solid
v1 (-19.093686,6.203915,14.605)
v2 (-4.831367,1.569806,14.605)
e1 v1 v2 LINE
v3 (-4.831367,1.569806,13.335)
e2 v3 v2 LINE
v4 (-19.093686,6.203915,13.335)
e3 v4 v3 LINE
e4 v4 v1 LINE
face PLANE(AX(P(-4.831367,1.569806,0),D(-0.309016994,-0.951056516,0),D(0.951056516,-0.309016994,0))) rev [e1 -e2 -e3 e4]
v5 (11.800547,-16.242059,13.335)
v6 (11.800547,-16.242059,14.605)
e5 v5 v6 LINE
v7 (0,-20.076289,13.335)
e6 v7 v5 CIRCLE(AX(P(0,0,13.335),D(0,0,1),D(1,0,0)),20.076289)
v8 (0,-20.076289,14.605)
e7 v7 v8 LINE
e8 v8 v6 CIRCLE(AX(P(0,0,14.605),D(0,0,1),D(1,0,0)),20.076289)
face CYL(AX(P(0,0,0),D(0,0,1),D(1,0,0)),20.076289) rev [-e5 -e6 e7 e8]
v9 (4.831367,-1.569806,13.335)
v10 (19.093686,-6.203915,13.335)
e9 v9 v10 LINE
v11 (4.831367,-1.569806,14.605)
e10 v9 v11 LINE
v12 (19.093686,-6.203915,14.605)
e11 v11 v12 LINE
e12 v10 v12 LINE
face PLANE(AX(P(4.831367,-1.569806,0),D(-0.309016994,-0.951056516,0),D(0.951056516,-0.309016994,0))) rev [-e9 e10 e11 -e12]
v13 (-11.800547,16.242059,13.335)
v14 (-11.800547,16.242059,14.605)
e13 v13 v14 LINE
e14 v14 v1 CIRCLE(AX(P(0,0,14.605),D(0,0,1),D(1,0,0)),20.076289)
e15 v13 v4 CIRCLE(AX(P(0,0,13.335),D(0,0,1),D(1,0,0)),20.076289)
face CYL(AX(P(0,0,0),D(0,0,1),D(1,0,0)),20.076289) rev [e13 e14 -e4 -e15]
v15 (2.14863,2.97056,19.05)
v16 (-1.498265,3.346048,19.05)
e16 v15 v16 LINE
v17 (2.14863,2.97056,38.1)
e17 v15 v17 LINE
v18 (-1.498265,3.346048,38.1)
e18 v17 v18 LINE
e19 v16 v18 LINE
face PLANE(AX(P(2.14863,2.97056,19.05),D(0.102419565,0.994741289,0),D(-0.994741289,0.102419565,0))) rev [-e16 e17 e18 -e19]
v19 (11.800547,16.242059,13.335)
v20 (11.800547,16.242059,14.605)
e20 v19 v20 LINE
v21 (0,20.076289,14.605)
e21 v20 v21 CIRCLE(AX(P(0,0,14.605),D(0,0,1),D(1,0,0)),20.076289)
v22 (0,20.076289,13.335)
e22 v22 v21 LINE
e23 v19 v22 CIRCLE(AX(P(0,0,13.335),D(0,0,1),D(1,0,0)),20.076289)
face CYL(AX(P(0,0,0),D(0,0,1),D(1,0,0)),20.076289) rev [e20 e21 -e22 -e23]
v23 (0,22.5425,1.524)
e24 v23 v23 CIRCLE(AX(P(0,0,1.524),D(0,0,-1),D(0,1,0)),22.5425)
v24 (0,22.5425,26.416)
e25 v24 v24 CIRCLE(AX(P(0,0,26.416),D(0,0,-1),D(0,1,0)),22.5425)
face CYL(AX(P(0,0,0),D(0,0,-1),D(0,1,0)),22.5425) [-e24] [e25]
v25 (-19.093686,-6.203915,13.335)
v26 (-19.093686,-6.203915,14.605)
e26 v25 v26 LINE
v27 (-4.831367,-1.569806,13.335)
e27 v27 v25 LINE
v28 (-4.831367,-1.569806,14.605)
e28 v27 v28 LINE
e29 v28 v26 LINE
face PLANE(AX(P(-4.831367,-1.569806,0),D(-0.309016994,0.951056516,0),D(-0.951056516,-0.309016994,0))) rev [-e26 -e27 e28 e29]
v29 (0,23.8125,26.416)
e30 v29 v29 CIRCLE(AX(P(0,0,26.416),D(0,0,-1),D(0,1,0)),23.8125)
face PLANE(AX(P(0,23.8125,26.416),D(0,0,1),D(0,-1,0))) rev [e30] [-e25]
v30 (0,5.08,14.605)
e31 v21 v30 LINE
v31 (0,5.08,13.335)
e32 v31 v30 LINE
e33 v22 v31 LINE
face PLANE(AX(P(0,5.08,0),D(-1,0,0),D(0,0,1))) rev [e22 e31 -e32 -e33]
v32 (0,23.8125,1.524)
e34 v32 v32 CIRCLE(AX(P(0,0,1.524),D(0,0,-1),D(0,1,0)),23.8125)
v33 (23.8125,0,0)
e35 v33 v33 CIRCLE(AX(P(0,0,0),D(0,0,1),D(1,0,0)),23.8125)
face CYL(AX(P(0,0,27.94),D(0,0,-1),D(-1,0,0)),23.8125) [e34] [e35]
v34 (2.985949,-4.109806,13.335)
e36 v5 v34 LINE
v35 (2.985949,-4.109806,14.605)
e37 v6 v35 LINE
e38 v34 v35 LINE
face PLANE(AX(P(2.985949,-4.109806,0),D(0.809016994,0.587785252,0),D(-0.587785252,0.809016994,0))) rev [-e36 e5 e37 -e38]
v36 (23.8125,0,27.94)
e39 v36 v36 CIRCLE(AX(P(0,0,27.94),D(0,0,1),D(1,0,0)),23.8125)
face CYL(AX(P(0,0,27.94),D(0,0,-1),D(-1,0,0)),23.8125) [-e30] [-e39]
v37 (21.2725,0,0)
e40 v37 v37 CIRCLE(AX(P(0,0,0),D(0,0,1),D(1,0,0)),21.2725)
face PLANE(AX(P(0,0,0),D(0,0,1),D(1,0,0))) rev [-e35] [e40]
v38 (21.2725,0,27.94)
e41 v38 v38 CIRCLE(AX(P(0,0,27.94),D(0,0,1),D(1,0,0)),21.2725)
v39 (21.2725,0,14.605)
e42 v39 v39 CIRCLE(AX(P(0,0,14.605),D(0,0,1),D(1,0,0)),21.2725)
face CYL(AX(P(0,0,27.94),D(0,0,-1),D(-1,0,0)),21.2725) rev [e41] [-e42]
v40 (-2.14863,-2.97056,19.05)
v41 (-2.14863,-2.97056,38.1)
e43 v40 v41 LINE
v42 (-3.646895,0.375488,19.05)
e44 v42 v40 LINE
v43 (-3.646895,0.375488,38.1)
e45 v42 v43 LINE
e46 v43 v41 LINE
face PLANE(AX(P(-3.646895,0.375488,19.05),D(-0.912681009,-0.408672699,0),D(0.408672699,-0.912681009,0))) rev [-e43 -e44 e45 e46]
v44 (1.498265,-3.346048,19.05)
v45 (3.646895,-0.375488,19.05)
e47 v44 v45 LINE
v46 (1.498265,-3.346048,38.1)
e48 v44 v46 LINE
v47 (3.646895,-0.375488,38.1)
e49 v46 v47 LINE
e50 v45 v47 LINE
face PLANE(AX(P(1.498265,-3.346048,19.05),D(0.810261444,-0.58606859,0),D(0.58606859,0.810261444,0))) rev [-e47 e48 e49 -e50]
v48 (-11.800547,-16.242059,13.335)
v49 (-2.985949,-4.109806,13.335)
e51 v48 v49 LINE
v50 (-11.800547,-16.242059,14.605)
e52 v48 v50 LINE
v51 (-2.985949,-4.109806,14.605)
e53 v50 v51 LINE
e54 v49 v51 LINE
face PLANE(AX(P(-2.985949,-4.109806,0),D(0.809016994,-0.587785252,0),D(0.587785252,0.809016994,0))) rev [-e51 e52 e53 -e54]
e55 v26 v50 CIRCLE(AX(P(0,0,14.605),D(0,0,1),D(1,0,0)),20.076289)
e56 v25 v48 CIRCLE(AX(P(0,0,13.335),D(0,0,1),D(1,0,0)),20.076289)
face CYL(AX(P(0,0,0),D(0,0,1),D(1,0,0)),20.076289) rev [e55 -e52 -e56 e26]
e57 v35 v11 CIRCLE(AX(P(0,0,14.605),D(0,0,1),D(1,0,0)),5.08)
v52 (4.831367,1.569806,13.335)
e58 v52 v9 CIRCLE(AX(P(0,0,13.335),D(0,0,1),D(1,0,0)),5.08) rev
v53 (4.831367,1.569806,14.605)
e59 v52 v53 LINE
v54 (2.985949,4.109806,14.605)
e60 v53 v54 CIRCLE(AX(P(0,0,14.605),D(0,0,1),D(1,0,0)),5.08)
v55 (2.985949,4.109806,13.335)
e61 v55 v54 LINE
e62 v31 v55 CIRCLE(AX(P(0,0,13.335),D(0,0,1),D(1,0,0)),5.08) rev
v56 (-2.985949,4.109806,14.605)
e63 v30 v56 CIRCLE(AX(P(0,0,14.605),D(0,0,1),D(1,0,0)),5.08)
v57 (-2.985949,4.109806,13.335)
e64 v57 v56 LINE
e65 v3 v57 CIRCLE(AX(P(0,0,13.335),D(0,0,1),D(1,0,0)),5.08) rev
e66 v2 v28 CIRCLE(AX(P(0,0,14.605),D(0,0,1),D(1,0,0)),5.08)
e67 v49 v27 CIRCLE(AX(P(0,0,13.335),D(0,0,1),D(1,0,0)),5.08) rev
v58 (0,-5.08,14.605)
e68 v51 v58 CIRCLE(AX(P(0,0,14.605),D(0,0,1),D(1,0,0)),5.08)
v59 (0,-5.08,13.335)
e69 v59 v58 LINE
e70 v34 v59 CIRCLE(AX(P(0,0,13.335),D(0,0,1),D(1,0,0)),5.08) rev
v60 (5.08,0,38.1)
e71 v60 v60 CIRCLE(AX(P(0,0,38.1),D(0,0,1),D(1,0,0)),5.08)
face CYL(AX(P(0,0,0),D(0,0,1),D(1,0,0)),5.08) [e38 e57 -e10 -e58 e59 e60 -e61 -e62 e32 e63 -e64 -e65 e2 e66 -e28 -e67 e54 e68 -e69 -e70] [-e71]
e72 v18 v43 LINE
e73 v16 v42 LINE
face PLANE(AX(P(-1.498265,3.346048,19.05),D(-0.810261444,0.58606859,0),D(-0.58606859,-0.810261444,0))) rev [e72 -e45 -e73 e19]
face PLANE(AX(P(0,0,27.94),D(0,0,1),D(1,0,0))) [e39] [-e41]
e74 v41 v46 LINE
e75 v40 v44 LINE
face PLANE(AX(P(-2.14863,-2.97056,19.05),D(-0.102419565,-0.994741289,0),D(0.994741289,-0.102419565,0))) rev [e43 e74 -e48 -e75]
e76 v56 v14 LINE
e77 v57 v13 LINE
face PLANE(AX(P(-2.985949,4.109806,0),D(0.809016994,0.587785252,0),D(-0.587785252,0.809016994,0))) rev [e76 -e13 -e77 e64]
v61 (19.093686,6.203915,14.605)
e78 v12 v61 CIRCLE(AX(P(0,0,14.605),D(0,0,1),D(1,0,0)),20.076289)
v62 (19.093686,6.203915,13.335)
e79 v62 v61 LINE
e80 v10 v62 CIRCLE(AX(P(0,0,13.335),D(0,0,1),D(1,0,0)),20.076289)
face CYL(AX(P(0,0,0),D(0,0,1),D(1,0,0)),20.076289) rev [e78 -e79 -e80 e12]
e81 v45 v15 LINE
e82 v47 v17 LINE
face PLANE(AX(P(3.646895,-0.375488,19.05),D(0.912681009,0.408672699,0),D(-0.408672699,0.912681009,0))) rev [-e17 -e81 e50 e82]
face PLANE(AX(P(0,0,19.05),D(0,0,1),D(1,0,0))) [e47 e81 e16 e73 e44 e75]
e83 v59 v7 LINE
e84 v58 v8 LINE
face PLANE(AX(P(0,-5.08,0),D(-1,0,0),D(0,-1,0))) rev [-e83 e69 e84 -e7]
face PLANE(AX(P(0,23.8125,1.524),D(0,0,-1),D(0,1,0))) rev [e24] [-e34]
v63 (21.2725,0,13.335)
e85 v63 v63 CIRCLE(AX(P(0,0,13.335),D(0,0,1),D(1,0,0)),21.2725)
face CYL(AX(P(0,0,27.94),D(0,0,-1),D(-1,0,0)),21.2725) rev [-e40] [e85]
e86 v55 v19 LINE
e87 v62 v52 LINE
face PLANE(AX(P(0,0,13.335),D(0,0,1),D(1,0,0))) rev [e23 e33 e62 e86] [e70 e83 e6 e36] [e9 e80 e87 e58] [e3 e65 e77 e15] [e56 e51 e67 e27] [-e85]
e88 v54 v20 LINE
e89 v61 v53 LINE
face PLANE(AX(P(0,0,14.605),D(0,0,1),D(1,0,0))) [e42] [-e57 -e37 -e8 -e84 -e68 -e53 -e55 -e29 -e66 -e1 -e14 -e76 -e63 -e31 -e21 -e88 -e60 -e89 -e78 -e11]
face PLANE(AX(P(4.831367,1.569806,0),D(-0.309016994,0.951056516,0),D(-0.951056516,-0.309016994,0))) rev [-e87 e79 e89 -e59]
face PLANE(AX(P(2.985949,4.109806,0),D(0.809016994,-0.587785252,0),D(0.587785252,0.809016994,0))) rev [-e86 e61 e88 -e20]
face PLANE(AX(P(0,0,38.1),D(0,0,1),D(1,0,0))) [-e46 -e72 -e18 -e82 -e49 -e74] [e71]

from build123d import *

# Parameters (mm, degrees)
SKETCH1_R               = 23.8125
SKETCH1_R_2             = 21.2725
BOSS_EXTRUDE1_DEPTH     = 27.94
SKETCH2_W               = 24.892
SKETCH2_H               = 1.27
SKETCH5_R               = 21.2725
BOSS_EXTRUDE2_DEPTH     = 0.635
CUT_EXTRUDE2_DEPTH      = 37.706625253
CUT_EXTRUDE2_DEPTH_BACK = 37.706625253
SKETCH7_R               = 5.08
BOSS_EXTRUDE7_DEPTH     = 23.495
CUT_EXTRUDE3_DEPTH      = 19.05


with BuildPart() as part:
    # Sketch1 → Boss-Extrude1 (new body)
    with BuildSketch(Plane.XY):
        Circle(SKETCH1_R)
        Circle(SKETCH1_R_2, mode=Mode.SUBTRACT)
    extrude(amount=BOSS_EXTRUDE1_DEPTH)

    # Sketch2 → Cut-Revolve2 (revolve, cut)
    with BuildSketch(Plane(origin=(0, 0, 0), x_dir=(0, 0, -1), z_dir=(1, 0, 0))):
        with Locations((-13.97, 23.1775)):
            Rectangle(SKETCH2_W, SKETCH2_H)
    revolve(axis=Axis((0, 0, 0), (0, 0, 1)), mode=Mode.SUBTRACT)

    # Sketch5 → Boss-Extrude2 (add, symmetric)
    with BuildSketch(Plane.XY.offset(13.97)):
        Circle(SKETCH5_R)
    extrude(amount=BOSS_EXTRUDE2_DEPTH, both=True)

    # Sketch6 → Cut-Extrude2 (cut, two sides: drawn at the far end of the back side and taken through both)
    with BuildSketch(Plane.XY.offset(14.605).offset(-CUT_EXTRUDE2_DEPTH_BACK)):
        with BuildLine():
            Line((0, 5.08), (0, 20.076289255))
            ThreePointArc((0, 20.076289255), (6.203914564, 19.093685719), (11.800546745, 16.242059191))
            Line((11.800546745, 16.242059191), (2.985949082, 4.109806331))
            ThreePointArc((2.985949082, 4.109806331), (1.569806331, 4.831367103), (0, 5.08))
        make_face()
        with BuildLine():
            Line((4.831367103, 1.569806331), (19.093685719, 6.203914564))
            ThreePointArc((19.093685719, 6.203914564), (20.076289255, 0), (19.093685719, -6.203914564))
            Line((19.093685719, -6.203914564), (4.831367103, -1.569806331))
            ThreePointArc((4.831367103, -1.569806331), (5.08, 0), (4.831367103, 1.569806331))
        make_face()
        with BuildLine():
            Line((2.985949082, -4.109806331), (11.800546745, -16.242059191))
            ThreePointArc((11.800546745, -16.242059191), (6.203914564, -19.093685719), (0, -20.076289255))
            Line((0, -20.076289255), (0, -5.08))
            ThreePointArc((0, -5.08), (1.569806331, -4.831367103), (2.985949082, -4.109806331))
        make_face()
        with BuildLine():
            Line((-2.985949082, -4.109806331), (-11.800546745, -16.242059191))
            ThreePointArc((-11.800546745, -16.242059191), (-16.242059191, -11.800546745), (-19.093685719, -6.203914564))
            Line((-19.093685719, -6.203914564), (-4.831367103, -1.569806331))
            ThreePointArc((-4.831367103, -1.569806331), (-4.109806331, -2.985949082), (-2.985949082, -4.109806331))
        make_face()
        with BuildLine():
            Line((-4.831367103, 1.569806331), (-19.093685719, 6.203914564))
            ThreePointArc((-19.093685719, 6.203914564), (-16.242059191, 11.800546745), (-11.800546745, 16.242059191))
            Line((-11.800546745, 16.242059191), (-2.985949082, 4.109806331))
            ThreePointArc((-2.985949082, 4.109806331), (-4.109806331, 2.985949082), (-4.831367103, 1.569806331))
        make_face()
    extrude(amount=CUT_EXTRUDE2_DEPTH + CUT_EXTRUDE2_DEPTH_BACK, mode=Mode.SUBTRACT)

    # Sketch7 → Boss-Extrude7 (add)
    with BuildSketch(Plane.XY.offset(14.605)):
        Circle(SKETCH7_R)
    extrude(amount=BOSS_EXTRUDE7_DEPTH)

    # Sketch8 → Cut-Extrude3 (cut)
    with BuildSketch(Plane.XY.offset(38.1)):
        Polygon((-1.498265311, 3.346047578), (-3.64689486, 0.375487968), (-2.148629549, -2.97055961), (1.498265311, -3.346047578), (3.64689486, -0.375487968), (2.148629549, 2.97055961), align=None)
    extrude(amount=-CUT_EXTRUDE3_DEPTH, mode=Mode.SUBTRACT)


solid = part.part
